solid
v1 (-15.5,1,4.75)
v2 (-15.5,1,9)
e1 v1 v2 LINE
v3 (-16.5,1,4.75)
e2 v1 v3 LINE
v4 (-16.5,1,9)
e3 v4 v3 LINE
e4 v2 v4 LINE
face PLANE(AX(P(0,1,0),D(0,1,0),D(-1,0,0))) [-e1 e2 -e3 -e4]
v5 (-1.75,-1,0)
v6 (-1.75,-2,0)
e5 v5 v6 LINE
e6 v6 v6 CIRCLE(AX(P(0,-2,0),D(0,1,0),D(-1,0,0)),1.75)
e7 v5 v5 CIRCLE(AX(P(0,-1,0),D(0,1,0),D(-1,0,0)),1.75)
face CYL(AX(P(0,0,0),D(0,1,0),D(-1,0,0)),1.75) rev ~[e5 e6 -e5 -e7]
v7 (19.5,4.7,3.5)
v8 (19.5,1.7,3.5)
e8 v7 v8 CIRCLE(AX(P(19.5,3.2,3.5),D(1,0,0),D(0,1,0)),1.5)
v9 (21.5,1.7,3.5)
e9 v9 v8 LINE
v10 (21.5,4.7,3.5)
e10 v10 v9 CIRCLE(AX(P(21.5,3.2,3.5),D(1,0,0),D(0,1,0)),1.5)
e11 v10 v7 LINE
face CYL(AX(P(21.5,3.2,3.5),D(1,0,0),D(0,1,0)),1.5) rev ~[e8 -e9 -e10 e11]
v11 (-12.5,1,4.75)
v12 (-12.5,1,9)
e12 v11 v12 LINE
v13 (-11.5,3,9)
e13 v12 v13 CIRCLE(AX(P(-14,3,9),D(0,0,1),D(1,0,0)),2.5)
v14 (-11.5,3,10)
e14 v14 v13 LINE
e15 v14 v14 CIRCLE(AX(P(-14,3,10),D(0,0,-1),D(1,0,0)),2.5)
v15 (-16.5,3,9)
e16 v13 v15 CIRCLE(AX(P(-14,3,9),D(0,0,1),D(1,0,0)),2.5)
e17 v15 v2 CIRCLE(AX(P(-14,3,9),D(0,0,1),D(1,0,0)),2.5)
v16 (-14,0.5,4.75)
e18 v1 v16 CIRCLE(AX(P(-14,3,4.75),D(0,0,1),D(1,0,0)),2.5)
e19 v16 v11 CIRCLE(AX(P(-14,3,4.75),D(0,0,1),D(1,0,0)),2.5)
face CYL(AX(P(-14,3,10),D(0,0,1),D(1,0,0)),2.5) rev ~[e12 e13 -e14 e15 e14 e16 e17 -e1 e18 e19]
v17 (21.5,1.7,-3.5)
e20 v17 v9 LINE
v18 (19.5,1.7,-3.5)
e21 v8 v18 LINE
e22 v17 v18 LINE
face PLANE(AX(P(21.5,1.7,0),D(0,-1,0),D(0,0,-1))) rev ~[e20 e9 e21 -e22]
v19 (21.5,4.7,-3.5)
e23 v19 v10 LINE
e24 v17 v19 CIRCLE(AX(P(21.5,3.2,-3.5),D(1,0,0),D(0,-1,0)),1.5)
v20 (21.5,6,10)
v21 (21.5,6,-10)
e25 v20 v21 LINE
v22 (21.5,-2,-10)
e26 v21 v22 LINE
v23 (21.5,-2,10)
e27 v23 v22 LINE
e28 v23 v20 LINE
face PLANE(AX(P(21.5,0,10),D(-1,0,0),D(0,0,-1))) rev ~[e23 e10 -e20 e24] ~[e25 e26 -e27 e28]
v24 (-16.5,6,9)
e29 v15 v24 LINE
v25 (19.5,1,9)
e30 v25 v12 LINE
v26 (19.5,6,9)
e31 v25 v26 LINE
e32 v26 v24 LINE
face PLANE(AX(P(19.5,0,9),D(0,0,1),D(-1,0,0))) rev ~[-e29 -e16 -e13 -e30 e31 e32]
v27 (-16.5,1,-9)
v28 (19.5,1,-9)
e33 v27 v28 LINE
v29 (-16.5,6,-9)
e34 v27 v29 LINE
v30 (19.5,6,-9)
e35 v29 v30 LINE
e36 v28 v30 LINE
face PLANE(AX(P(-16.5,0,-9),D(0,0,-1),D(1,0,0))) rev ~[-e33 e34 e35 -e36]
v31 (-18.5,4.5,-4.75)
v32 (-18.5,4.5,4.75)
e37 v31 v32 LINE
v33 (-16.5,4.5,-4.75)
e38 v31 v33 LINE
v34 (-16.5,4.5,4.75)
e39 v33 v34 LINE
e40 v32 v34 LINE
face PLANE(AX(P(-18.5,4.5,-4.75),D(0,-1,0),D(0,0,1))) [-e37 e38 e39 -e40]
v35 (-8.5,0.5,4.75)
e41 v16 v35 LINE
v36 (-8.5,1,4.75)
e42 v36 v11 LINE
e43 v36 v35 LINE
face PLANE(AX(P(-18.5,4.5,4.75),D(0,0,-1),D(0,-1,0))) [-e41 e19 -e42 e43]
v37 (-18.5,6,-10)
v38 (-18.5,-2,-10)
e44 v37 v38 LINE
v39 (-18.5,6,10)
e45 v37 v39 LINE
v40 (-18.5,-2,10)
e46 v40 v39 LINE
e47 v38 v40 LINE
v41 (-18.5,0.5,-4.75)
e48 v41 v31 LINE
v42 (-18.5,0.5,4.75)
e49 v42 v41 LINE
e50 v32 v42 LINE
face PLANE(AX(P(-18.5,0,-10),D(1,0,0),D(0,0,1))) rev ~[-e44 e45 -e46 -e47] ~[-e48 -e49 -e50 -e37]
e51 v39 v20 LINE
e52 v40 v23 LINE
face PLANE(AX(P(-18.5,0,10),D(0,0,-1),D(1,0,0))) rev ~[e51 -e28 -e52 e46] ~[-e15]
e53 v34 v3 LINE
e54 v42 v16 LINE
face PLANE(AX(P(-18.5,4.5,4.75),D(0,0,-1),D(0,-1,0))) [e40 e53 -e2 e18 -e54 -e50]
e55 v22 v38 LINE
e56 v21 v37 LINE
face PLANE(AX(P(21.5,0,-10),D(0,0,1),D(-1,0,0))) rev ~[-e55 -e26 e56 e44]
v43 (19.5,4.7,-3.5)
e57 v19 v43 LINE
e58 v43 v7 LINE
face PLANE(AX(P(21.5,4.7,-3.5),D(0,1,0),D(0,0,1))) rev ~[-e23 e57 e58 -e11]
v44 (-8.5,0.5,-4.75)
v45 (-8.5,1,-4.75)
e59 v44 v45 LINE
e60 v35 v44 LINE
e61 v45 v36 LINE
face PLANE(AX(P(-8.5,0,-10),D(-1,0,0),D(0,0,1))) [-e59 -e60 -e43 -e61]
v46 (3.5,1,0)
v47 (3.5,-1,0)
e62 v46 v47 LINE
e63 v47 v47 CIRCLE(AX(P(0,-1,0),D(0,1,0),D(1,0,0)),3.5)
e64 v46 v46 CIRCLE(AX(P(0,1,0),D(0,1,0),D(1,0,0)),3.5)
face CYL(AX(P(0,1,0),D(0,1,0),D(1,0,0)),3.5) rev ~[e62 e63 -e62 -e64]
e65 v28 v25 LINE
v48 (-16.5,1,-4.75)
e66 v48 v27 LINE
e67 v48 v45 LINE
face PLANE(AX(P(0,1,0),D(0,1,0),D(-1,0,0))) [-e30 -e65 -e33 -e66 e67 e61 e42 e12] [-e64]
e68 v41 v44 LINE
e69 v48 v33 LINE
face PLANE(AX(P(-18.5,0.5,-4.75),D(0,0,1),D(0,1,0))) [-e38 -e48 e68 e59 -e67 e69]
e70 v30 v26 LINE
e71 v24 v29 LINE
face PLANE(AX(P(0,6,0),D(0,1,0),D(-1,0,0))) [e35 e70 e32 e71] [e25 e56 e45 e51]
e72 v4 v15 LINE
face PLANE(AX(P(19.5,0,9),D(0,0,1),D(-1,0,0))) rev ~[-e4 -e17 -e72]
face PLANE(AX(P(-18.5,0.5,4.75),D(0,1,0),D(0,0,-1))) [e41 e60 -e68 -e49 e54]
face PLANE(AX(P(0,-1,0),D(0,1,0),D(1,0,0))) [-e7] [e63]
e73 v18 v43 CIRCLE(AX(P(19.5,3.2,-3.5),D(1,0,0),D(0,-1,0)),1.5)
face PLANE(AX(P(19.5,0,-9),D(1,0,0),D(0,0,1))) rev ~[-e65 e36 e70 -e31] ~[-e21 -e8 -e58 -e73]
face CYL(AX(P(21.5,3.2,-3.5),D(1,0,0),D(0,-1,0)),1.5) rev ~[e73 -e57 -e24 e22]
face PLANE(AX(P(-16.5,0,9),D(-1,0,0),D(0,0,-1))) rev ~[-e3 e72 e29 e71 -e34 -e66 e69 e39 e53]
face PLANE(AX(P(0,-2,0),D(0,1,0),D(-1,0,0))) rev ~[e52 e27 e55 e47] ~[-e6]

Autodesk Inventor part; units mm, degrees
ref_plane "YZ Plane" through (0, 0, 0) normal (1, 0, 0) x (0, 1, 0)
ref_plane "XZ Plane" through (0, 0, 0) normal (0, 1, 0) x (-1, 0, 0)
ref_plane "XY Plane" through (0, 0, 0) normal (0, 0, 1) x (1, 0, 0)
sketch "Szkic1" plane through (0, 0, 0) normal (0, 1, 0) x (-1, 0, 0)
  circle A0 centre (0, 0) radius 1.75
  line L0 (18.5, 10) -> (-21.5, 10)
  line L1 (-21.5, 10) -> (-21.5, -10)
  line L2 (-21.5, -10) -> (18.5, -10)
  line L3 (18.5, -10) -> (18.5, 10)
  line L4 (-19.5, 9) -> (16.5, 9)
  line L5 (16.5, 9) -> (16.5, -9)
  line L6 (16.5, -9) -> (-19.5, -9)
  line L7 (-19.5, -9) -> (-19.5, 9)
  dimension "d0" = 3.5
  dimension "d1" = 20
  dimension "d2" = 40
  dimension "d3" = 36
  dimension "d4" = 18
  dimension "d9" = 16.5
  dimension "d10" = 2
extrude "Wyciągnięcie proste1" add sketch "Szkic1" along normal blind 6 contours L3 L2 L1 L0
extrude "Wyciągnięcie proste2" add sketch "Szkic1" along normal blind 1 and the other way blind 2 contours L3 L2 L1 L0 | L4 L5 L6 L7
sketch "Szkic2" plane through (21.5, 0, 10) normal (1, 0, 0) x (0, 0, -1)
  line L0 (10, 0) -> (10, 3.2)
  line L1 (10, 0) -> (13.2, 0) construction
  line L2 (6.5, 3.2) -> (13.5, 3.2) construction
  line L3 (6.5, 1.7) -> (13.5, 1.7)
  line L4 (13.5, 4.7) -> (6.5, 4.7)
  arc A0 (6.5, 4.7) -> (6.5, 1.7) centre (6.5, 3.2) ccw
  arc A1 (13.5, 1.7) -> (13.5, 4.7) centre (13.5, 3.2) ccw
  dimension "d11" = 3.2
  dimension "d12" = 90
  dimension "d13" = 3.5
  dimension "d14" = 3
extrude "Wyciągnięcie proste3" cut sketch "Szkic2" against normal blind 10
sketch "Szkic3" plane through (-18.5, 0, -10) normal (-1, 0, 0) x (0, 0, 1)
  line L0 (10, 0) -> (10, 2.5)
  line L1 (10, 0) -> (12.5, 0) construction
  line L2 (5.25, 4.5) -> (14.75, 4.5)
  line L3 (14.75, 4.5) -> (14.75, 0.5)
  line L4 (14.75, 0.5) -> (5.25, 0.5)
  line L5 (5.25, 0.5) -> (5.25, 4.5)
  line L6 (5.25, 4.5) -> (14.75, 0.5) construction
  line L7 (14.75, 4.5) -> (5.25, 0.5) construction
  dimension "d17" = 2.5
  dimension "d18" = 90
  dimension "d19" = 9.5
  dimension "d20" = 4
extrude "Wyciągnięcie proste4" cut sketch "Szkic3" against normal blind 10
sketch "Szkic4" plane through (0, 1, 0) normal (0, 1, 0) x (1, 0, 0)
  circle A0 centre (0, 0) radius 1.75 projected
  circle A1 centre (0, 0) radius 3.5
  dimension "d23" = 7
extrude "Wyciągnięcie proste5" cut sketch "Szkic4" against normal blind 2
sketch "Szkic5" plane through (-18.5, 6, 10) normal (0, 0, 1) x (1, 0, 0)
  line L0 (2, -5) -> (2, 0) projected
  line L1 (2, -5) -> (2, 0)
  line L2 (2, 0) -> (2, -5)
  line L3 (2, -5) -> (2, -5.5)
  line L4 (0, -5.5) -> (10, -5.5) projected
  line L5 (2, -5.5) -> (7, -5.5)
  circle A0 centre (4.5, -3) radius 2.5
  point P0 (18.5, -6)
  dimension "d28" = 5
  dimension "d29" = 5
  dimension "d32" = 2.5
  dimension "d33" = 2.5
extrude "Wyciągnięcie proste6" cut sketch "Szkic5" against normal blind 10 contours A0
properties part number "elektronika"
